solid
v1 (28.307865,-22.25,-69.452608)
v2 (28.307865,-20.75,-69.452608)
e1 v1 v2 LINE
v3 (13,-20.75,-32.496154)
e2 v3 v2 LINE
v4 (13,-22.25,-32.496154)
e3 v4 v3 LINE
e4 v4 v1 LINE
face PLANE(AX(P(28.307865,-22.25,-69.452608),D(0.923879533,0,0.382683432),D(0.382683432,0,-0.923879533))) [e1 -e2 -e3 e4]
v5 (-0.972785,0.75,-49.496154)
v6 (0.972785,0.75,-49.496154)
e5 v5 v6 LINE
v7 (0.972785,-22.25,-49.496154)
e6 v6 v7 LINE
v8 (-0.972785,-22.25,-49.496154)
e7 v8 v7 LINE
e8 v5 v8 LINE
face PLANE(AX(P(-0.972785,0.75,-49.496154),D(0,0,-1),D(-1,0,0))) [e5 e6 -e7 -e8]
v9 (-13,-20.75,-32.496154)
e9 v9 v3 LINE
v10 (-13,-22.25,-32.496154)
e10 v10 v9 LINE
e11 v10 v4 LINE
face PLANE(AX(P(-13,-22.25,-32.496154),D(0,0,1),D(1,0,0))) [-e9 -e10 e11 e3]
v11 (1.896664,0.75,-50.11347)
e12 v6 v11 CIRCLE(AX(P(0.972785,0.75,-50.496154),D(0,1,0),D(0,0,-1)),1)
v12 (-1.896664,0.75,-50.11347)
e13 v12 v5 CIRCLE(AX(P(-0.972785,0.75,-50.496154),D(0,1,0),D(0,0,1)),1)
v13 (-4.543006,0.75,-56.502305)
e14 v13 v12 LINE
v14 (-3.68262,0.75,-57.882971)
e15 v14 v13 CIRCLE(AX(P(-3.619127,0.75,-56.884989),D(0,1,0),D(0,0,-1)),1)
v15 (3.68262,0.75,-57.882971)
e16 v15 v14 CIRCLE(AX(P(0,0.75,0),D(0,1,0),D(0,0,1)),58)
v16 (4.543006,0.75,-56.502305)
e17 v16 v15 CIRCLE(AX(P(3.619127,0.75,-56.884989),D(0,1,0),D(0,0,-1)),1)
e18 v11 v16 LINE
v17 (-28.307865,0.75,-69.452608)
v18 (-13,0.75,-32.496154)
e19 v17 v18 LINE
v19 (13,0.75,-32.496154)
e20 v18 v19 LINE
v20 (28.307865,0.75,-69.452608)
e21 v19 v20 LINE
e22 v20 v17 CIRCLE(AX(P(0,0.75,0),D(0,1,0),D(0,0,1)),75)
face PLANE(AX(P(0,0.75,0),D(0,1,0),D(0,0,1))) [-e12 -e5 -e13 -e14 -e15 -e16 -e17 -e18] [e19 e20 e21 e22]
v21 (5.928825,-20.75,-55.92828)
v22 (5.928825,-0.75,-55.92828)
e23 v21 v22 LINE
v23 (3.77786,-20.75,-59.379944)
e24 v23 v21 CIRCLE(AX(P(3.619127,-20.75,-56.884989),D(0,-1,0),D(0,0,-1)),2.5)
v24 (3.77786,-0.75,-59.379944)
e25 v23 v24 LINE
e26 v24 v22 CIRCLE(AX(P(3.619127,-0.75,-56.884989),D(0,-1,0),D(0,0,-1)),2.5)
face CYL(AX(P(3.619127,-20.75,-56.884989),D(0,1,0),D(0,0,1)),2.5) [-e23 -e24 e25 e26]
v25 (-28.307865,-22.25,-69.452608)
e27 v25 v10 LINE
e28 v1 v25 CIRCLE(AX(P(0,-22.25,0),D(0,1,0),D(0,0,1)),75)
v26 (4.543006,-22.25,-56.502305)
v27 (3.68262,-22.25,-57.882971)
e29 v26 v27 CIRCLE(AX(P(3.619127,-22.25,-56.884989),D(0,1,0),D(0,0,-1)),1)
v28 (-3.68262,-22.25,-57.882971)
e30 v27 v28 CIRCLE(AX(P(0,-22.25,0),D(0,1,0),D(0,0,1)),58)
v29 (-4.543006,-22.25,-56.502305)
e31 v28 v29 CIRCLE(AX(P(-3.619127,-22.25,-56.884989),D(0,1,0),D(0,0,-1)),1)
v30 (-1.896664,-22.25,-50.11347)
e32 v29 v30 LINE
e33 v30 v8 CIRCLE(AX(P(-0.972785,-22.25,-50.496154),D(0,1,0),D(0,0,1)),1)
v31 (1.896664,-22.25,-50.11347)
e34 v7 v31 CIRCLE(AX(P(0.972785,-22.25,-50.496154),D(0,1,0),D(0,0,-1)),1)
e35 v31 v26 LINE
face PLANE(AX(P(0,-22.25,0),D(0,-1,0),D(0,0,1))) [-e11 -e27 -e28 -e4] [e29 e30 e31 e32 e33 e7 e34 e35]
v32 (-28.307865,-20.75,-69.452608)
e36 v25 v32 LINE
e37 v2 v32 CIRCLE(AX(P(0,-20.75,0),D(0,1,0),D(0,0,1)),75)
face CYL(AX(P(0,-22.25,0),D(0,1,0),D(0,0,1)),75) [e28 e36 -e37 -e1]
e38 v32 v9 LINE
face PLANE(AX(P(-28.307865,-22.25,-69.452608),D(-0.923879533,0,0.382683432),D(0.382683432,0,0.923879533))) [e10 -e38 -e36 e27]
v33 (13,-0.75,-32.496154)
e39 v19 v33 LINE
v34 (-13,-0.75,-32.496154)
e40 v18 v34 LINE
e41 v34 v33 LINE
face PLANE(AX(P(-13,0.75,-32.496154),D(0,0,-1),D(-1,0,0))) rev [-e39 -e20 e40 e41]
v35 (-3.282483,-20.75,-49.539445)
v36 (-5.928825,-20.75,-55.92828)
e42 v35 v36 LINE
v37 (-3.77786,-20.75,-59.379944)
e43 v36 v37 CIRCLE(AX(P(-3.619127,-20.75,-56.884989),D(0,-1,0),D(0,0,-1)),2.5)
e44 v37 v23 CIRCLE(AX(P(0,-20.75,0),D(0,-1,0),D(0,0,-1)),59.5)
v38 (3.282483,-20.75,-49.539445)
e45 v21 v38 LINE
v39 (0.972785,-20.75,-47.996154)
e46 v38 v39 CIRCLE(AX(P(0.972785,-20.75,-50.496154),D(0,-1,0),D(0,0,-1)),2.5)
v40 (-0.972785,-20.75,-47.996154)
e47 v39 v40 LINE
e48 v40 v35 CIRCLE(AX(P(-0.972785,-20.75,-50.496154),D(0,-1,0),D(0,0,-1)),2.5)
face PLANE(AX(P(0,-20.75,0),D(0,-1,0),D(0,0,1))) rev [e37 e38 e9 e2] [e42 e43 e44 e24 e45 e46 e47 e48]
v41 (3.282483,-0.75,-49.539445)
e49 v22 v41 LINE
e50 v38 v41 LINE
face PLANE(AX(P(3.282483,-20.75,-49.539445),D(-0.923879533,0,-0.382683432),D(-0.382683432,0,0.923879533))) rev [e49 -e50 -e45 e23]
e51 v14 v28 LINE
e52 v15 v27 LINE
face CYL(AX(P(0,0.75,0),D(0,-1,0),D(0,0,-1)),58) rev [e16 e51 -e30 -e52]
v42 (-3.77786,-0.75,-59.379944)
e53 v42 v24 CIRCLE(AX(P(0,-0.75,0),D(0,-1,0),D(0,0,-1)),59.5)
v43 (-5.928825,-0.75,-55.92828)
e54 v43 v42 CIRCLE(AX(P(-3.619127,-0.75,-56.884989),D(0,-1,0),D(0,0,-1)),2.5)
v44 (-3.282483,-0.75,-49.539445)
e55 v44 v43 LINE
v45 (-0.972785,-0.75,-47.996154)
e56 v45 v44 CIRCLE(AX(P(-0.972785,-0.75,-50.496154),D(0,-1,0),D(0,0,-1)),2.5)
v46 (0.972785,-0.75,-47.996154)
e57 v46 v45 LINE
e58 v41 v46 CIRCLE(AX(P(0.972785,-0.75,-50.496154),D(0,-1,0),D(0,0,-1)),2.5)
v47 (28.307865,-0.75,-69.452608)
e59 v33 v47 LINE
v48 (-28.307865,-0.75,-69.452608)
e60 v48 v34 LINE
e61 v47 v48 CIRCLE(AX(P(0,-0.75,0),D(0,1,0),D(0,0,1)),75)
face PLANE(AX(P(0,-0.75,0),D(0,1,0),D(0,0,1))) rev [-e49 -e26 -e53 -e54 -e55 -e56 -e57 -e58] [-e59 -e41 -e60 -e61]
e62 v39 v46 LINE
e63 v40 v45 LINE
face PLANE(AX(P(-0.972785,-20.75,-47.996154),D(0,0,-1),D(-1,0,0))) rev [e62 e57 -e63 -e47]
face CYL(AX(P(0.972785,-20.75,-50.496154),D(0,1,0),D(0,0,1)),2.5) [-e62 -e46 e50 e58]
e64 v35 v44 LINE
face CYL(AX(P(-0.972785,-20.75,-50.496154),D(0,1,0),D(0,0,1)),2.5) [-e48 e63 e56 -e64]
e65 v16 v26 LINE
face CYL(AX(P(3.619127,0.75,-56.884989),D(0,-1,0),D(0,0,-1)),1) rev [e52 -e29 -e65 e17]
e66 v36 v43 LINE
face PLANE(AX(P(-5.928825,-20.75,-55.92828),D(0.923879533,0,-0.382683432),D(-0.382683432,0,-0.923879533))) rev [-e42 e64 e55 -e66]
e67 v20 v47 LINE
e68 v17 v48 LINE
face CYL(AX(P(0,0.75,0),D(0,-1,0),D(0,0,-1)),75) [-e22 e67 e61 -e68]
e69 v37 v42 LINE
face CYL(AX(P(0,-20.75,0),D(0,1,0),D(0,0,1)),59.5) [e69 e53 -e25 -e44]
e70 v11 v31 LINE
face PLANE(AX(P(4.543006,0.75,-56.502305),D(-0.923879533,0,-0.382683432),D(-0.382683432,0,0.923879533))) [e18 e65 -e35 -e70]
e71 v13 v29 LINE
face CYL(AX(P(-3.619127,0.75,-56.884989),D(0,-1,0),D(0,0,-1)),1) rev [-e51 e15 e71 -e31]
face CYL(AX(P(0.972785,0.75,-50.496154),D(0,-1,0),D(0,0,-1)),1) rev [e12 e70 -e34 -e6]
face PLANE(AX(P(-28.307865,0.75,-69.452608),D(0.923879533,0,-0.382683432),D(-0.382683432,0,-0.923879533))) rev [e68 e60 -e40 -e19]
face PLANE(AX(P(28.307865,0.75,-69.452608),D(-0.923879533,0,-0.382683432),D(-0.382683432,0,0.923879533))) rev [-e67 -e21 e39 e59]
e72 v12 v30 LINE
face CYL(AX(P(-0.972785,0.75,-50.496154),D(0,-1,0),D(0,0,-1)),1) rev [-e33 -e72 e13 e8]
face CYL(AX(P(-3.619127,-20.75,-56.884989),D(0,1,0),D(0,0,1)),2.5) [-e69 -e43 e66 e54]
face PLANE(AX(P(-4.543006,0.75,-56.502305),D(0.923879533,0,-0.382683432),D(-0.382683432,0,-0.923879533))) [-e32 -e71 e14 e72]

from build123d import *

# Parameters (mm, degrees)
BOSS_EXTRUDE1_DEPTH = 0.75
BOSS_EXTRUDE2_DEPTH = 20


with BuildPart() as part:
    # Sketch1 → Boss-Extrude1 (new, symmetric)
    with BuildSketch(Plane(origin=(0, 0, 0), x_dir=(1, 0, 0), z_dir=(0, 1, 0))):
        with BuildLine():
            Line((-28.307864731, 69.452608262), (-13, 32.496153619))
            Line((-13, 32.496153619), (13, 32.496153619))
            Line((13, 32.496153619), (28.307864731, 69.452608262))
            ThreePointArc((28.307864731, 69.452608262), (0, 75), (-28.307864731, 69.452608262))
        make_face()
        with BuildLine():
            Line((-4.543006128, 56.502305121), (-1.89666405, 50.113470186))
            ThreePointArc((-1.89666405, 50.113470186), (-1.52835475, 49.664684006), (-0.972784517, 49.496153619))
            Line((-0.972784517, 49.496153619), (0.972784517, 49.496153619))
            ThreePointArc((0.972784517, 49.496153619), (1.52835475, 49.664684006), (1.89666405, 50.113470186))
            Line((1.89666405, 50.113470186), (4.543006128, 56.502305121))
            ThreePointArc((4.543006128, 56.502305121), (4.467823117, 57.413868704), (3.682620044, 57.882970808))
            ThreePointArc((3.682620044, 57.882970808), (0, 58), (-3.682620044, 57.882970808))
            ThreePointArc((-3.682620044, 57.882970808), (-4.467823117, 57.413868704), (-4.543006128, 56.502305121))
        make_face(mode=Mode.SUBTRACT)
    boss_extrude1 = extrude(amount=BOSS_EXTRUDE1_DEPTH, both=True)

    # Sketch2 → Boss-Extrude2 (add)
    with BuildSketch(Plane.XZ.offset(0.75)):
        with BuildLine():
            Line((-0.972784517, -47.996153619), (0.972784517, -47.996153619))
            ThreePointArc((0.972784517, -47.996153619), (2.3617101, -48.417479588), (3.282483349, -49.539445038))
            Line((3.282483349, -49.539445038), (5.928825426, -55.928279972))
            ThreePointArc((5.928825426, -55.928279972), (5.7408679, -58.207188929), (3.777860218, -59.379944191))
            ThreePointArc((3.777860218, -59.379944191), (0, -59.5), (-3.777860218, -59.379944191))
            ThreePointArc((-3.777860218, -59.379944191), (-5.7408679, -58.207188929), (-5.928825426, -55.928279972))
            Line((-5.928825426, -55.928279972), (-3.282483349, -49.539445038))
            ThreePointArc((-3.282483349, -49.539445038), (-2.3617101, -48.417479588), (-0.972784517, -47.996153619))
        make_face()
        with BuildLine():
            Line((1.89666405, -50.113470186), (4.543006128, -56.502305121))
            ThreePointArc((4.543006128, -56.502305121), (4.467823117, -57.413868704), (3.682620044, -57.882970808))
            ThreePointArc((3.682620044, -57.882970808), (0, -58), (-3.682620044, -57.882970808))
            ThreePointArc((-3.682620044, -57.882970808), (-4.467823117, -57.413868704), (-4.543006128, -56.502305121))
            Line((-4.543006128, -56.502305121), (-1.89666405, -50.113470186))
            ThreePointArc((-1.89666405, -50.113470186), (-1.52835475, -49.664684006), (-0.972784517, -49.496153619))
            Line((-0.972784517, -49.496153619), (0.972784517, -49.496153619))
            ThreePointArc((0.972784517, -49.496153619), (1.52835475, -49.664684006), (1.89666405, -50.113470186))
        make_face(mode=Mode.SUBTRACT)
    extrude(amount=BOSS_EXTRUDE2_DEPTH)

    # Mirror1: Boss-Extrude1 across plane
    add(boss_extrude1.mirror(Plane(origin=(0, -10.75, 0), x_dir=(0, 0, 1), z_dir=(0, -1, 0))))


solid = part.part
